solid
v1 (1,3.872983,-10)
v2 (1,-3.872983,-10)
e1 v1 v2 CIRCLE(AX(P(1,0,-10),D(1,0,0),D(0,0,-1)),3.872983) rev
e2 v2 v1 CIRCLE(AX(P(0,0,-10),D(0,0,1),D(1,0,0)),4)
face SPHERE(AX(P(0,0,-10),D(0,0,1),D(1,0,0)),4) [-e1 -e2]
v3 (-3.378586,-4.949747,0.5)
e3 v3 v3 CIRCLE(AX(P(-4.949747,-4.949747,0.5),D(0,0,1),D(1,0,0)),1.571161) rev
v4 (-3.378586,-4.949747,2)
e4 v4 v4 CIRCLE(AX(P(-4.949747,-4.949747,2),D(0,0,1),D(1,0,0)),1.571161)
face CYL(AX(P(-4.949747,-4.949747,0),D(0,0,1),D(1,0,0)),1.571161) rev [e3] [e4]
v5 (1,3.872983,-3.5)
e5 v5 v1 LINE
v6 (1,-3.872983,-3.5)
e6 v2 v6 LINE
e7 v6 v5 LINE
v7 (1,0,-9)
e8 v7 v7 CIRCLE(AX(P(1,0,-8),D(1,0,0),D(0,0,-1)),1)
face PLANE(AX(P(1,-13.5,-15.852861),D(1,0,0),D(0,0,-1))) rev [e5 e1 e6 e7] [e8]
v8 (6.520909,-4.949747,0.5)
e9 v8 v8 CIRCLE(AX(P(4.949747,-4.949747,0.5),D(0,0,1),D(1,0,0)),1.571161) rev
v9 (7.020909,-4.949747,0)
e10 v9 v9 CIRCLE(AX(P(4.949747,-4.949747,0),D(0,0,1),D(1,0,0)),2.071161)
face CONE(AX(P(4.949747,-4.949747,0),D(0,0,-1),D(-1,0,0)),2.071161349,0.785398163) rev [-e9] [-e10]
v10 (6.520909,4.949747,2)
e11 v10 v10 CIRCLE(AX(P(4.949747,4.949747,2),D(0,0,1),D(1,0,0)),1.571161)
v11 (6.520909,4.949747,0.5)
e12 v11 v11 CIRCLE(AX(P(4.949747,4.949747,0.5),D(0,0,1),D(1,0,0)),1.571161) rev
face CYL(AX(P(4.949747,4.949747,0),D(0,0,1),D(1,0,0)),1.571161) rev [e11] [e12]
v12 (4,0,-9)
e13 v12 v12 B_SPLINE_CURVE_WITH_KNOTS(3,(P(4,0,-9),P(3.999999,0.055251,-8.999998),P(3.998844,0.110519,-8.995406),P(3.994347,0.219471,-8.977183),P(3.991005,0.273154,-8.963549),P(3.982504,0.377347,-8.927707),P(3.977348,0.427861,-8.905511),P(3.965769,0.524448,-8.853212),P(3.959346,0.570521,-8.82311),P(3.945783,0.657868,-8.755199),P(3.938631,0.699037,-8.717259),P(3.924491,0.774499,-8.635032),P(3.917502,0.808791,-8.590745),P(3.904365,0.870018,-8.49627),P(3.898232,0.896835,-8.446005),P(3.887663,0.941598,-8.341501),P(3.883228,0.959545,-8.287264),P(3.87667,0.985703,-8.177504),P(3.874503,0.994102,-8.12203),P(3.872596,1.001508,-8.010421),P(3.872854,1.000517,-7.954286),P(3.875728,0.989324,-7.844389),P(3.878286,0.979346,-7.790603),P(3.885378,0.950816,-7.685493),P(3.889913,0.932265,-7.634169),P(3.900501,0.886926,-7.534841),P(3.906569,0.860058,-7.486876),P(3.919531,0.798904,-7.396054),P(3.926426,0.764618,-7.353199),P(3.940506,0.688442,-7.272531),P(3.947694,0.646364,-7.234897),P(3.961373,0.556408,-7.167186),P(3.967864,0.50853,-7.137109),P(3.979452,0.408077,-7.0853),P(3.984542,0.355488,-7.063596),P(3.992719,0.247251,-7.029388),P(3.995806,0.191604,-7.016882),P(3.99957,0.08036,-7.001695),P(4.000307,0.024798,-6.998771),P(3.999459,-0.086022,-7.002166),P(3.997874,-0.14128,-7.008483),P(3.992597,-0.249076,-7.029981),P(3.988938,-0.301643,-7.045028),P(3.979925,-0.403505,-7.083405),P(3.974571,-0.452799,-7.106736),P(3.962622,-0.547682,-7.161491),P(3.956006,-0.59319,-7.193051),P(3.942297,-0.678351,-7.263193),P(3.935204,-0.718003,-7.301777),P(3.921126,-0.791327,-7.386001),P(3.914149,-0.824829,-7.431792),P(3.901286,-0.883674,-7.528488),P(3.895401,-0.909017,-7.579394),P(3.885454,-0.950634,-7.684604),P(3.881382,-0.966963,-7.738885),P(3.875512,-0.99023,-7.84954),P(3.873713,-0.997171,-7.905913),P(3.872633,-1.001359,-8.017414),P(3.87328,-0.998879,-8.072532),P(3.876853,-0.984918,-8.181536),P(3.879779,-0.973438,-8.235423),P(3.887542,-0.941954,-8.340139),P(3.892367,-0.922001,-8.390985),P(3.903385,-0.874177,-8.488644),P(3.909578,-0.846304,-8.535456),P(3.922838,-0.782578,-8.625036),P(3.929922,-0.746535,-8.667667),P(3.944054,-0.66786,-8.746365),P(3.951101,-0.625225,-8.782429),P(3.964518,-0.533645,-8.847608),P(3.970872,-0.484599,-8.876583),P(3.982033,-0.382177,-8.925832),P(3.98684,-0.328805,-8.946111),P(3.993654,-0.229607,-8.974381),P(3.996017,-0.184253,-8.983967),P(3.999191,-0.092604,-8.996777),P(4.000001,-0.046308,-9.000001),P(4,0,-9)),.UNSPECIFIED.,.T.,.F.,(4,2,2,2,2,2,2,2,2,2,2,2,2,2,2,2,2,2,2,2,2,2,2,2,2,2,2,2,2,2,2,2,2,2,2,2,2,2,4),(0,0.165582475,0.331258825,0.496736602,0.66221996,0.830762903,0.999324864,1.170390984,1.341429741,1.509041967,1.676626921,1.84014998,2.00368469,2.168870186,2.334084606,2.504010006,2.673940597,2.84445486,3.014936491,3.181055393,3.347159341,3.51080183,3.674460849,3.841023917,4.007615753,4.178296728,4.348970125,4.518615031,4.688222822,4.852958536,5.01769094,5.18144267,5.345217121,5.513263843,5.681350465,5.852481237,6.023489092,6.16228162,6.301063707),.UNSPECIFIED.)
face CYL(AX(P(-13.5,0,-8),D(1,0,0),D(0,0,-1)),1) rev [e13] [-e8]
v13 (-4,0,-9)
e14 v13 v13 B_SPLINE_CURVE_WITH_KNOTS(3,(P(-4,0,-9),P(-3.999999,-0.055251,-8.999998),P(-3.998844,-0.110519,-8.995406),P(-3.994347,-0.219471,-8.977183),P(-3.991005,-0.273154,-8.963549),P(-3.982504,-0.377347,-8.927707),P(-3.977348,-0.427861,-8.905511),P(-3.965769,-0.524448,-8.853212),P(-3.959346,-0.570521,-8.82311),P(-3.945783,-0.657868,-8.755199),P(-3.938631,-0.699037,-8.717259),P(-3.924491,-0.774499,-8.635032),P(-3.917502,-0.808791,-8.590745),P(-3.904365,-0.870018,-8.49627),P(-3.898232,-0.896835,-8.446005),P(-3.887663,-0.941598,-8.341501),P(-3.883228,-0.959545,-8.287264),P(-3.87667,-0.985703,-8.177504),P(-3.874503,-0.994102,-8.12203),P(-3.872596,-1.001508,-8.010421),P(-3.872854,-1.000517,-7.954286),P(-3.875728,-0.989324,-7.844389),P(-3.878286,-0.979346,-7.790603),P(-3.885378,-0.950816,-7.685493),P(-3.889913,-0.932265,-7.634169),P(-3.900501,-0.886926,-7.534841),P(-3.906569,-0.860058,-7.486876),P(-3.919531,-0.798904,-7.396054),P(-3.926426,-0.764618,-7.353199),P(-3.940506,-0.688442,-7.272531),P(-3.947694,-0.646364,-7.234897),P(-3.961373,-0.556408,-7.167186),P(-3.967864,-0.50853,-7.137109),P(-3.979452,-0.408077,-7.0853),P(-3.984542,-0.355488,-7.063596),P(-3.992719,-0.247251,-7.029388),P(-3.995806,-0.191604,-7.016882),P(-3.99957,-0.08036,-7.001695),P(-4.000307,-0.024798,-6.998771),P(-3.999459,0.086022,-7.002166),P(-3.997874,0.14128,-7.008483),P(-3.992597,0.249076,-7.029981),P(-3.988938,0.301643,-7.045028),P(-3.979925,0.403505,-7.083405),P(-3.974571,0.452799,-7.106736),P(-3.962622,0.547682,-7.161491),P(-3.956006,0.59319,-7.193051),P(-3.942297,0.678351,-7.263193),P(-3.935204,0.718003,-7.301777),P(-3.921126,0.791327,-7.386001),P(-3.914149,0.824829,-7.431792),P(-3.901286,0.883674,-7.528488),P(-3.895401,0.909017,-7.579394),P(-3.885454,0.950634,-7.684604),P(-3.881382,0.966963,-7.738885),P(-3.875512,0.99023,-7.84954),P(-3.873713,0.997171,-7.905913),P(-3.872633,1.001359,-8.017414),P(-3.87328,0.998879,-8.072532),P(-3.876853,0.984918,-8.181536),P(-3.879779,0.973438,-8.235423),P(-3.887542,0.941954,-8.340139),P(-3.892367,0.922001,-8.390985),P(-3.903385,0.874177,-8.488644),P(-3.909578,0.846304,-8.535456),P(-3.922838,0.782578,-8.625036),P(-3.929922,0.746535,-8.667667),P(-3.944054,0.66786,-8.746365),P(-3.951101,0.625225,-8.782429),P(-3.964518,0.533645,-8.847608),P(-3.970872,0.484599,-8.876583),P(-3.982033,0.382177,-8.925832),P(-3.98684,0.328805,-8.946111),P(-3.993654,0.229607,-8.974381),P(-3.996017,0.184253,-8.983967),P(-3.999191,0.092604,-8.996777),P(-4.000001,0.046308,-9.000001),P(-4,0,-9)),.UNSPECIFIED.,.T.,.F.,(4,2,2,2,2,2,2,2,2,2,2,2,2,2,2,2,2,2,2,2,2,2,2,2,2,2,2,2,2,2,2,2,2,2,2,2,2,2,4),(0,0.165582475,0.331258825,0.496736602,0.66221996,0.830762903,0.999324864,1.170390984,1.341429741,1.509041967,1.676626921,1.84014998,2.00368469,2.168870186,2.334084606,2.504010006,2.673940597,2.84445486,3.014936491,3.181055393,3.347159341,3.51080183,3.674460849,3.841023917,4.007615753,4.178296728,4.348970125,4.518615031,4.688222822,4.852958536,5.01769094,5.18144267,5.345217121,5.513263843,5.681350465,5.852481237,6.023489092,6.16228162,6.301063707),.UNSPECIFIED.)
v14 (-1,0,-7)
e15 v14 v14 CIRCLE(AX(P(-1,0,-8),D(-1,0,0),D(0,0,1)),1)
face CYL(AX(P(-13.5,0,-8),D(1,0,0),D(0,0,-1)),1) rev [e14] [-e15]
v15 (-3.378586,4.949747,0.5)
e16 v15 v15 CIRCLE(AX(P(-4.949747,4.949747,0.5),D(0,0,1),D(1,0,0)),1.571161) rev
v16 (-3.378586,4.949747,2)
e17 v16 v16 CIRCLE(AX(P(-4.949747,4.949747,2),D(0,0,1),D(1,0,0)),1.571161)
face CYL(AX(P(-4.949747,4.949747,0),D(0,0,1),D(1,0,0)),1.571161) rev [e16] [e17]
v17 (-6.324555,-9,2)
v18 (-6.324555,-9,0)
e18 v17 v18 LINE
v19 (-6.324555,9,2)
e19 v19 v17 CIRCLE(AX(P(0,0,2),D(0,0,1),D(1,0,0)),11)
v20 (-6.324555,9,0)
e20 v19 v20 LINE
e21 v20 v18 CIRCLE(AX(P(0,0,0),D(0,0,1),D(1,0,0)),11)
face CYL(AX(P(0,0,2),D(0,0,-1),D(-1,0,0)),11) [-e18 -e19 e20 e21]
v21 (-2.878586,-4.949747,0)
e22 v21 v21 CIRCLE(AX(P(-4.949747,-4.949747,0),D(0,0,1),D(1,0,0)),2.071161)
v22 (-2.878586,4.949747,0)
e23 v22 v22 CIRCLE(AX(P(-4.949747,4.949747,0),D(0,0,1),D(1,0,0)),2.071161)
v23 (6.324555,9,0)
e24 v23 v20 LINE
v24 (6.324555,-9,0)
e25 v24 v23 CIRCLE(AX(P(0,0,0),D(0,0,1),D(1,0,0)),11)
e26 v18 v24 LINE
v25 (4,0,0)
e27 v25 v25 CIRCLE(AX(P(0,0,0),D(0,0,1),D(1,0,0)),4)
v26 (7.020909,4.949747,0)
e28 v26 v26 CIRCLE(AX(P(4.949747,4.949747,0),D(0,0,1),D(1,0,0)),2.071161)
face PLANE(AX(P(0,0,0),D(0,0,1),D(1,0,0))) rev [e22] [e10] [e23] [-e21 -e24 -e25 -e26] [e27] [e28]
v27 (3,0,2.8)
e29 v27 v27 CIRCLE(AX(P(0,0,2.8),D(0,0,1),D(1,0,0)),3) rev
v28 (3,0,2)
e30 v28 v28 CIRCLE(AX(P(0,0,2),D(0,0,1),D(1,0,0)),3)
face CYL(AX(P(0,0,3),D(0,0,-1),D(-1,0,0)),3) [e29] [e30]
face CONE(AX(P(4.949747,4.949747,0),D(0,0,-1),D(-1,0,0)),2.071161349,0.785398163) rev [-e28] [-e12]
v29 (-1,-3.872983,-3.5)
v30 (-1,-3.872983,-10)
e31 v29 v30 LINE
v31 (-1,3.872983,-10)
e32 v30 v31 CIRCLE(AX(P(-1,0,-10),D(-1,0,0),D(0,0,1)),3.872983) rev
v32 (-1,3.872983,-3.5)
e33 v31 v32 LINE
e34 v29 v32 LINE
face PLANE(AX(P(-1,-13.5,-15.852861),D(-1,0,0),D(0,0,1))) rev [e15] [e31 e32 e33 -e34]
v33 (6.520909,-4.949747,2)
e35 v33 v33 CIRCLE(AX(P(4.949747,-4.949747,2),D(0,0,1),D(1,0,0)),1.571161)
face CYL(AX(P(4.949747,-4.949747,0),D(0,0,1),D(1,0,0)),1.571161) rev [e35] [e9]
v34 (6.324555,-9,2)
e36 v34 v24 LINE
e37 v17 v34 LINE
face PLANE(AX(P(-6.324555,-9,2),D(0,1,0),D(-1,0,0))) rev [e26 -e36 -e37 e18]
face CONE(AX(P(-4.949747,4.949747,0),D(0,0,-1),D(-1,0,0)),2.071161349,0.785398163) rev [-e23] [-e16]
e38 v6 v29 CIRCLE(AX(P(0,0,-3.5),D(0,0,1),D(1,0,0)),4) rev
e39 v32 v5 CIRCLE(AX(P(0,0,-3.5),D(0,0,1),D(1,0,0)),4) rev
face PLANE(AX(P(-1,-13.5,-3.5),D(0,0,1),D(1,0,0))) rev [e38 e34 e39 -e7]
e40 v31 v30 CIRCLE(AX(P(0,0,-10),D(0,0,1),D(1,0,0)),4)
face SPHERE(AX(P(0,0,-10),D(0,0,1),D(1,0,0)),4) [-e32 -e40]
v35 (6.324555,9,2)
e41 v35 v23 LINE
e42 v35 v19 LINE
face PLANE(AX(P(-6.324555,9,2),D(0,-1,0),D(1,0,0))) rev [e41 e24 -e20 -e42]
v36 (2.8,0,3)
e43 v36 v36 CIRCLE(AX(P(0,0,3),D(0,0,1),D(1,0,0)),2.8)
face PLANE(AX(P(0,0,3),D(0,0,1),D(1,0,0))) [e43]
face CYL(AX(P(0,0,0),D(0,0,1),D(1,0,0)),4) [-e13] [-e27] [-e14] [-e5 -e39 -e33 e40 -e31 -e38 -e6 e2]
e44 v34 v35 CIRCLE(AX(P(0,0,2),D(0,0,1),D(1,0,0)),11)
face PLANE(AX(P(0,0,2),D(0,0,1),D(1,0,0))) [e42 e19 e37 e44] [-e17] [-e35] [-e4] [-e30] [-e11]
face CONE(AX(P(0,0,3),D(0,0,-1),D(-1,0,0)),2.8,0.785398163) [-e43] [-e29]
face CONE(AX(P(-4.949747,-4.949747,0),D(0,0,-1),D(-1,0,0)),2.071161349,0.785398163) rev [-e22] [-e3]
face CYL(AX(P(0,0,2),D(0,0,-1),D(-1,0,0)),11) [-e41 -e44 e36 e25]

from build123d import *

# Parameters (mm, degrees)
BOSS_EXTRUDE1_DEPTH = 2
SKETCH2_R           = 1.571161349
CUT_EXTRUDE1_DEPTH  = 2
CHAMFER1_SIZE       = 0.5
SKETCH4_W           = 2
SKETCH4_H           = 12.352861416
CUT_EXTRUDE2_DEPTH  = 13.5
SKETCH5_R           = 1
CUT_EXTRUDE3_DEPTH  = 13.5
SKETCH6_R           = 3
BOSS_EXTRUDE2_DEPTH = 1
CHAMFER2_SIZE       = 0.2


with BuildPart() as part:
    # Sketch1 → Boss-Extrude1 (new body)
    with BuildSketch(Plane.XY):
        with BuildLine():
            Line((-6.32455532, 9), (6.32455532, 9))
            ThreePointArc((6.32455532, 9), (11, 0), (6.32455532, -9))
            Line((6.32455532, -9), (-6.32455532, -9))
            ThreePointArc((-6.32455532, -9), (-11, 0), (-6.32455532, 9))
        make_face()
    extrude(amount=BOSS_EXTRUDE1_DEPTH)

    # Sketch2 → Cut-Extrude1 (cut)
    with BuildSketch(Plane.XY.offset(2)):
        with Locations((4.949747468, 4.949747468)):
            Circle(SKETCH2_R)
        with Locations((4.949747468, -4.949747468)):
            Circle(SKETCH2_R)
        with Locations((-4.949747468, -4.949747468)):
            Circle(SKETCH2_R)
        with Locations((-4.949747468, 4.949747468)):
            Circle(SKETCH2_R)
    extrude(amount=-CUT_EXTRUDE1_DEPTH, mode=Mode.SUBTRACT)

    # Chamfer1
    chamfer1_edges = [part.edges().sort_by_distance(p)[0] for p in [
        (-6.520908817, 4.949747468, 0),
        (-6.520908817, -4.949747468, 0),
        (3.378586119, -4.949747468, 0),
        (3.378586119, 4.949747468, 0),
    ]]
    chamfer(chamfer1_edges, length=CHAMFER1_SIZE)

    # Sketch3 → Revolve1 (revolve)
    with BuildSketch(Plane(origin=(0, 0, 0), x_dir=(1, 0, 0), z_dir=(0, 1, 0))):
        with BuildLine():
            Line((0, 0), (0, 14))
            ThreePointArc((0, 14), (2.828427125, 12.828427125), (4, 10))
            Line((4, 10), (4, 0))
            Line((4, 0), (0, 0))
        make_face()
    revolve(axis=Axis((0, 0, 0), (0, 0, -1)))

    # Sketch4 → Cut-Extrude2 (cut, symmetric)
    with BuildSketch(Plane(origin=(0, 0, 0), x_dir=(1, 0, 0), z_dir=(0, 1, 0))):
        with Locations((0, 9.676430708)):
            Rectangle(SKETCH4_W, SKETCH4_H)
    extrude(amount=CUT_EXTRUDE2_DEPTH, both=True, mode=Mode.SUBTRACT)

    # Sketch5 → Cut-Extrude3 (cut, symmetric)
    with BuildSketch(Plane(origin=(0, 0, 0), x_dir=(0, 0, -1), z_dir=(1, 0, 0))):
        with Locations((8, 0)):
            Circle(SKETCH5_R)
    extrude(amount=CUT_EXTRUDE3_DEPTH, both=True, mode=Mode.SUBTRACT)

    # Sketch6 → Boss-Extrude2 (add)
    with BuildSketch(Plane.XY.offset(2)):
        Circle(SKETCH6_R)
    extrude(amount=BOSS_EXTRUDE2_DEPTH)

    # Chamfer2
    chamfer2_edges = [part.edges().sort_by_distance(p)[0] for p in [
        (-3, 0, 3),
    ]]
    chamfer(chamfer2_edges, length=CHAMFER2_SIZE)


solid = part.part
